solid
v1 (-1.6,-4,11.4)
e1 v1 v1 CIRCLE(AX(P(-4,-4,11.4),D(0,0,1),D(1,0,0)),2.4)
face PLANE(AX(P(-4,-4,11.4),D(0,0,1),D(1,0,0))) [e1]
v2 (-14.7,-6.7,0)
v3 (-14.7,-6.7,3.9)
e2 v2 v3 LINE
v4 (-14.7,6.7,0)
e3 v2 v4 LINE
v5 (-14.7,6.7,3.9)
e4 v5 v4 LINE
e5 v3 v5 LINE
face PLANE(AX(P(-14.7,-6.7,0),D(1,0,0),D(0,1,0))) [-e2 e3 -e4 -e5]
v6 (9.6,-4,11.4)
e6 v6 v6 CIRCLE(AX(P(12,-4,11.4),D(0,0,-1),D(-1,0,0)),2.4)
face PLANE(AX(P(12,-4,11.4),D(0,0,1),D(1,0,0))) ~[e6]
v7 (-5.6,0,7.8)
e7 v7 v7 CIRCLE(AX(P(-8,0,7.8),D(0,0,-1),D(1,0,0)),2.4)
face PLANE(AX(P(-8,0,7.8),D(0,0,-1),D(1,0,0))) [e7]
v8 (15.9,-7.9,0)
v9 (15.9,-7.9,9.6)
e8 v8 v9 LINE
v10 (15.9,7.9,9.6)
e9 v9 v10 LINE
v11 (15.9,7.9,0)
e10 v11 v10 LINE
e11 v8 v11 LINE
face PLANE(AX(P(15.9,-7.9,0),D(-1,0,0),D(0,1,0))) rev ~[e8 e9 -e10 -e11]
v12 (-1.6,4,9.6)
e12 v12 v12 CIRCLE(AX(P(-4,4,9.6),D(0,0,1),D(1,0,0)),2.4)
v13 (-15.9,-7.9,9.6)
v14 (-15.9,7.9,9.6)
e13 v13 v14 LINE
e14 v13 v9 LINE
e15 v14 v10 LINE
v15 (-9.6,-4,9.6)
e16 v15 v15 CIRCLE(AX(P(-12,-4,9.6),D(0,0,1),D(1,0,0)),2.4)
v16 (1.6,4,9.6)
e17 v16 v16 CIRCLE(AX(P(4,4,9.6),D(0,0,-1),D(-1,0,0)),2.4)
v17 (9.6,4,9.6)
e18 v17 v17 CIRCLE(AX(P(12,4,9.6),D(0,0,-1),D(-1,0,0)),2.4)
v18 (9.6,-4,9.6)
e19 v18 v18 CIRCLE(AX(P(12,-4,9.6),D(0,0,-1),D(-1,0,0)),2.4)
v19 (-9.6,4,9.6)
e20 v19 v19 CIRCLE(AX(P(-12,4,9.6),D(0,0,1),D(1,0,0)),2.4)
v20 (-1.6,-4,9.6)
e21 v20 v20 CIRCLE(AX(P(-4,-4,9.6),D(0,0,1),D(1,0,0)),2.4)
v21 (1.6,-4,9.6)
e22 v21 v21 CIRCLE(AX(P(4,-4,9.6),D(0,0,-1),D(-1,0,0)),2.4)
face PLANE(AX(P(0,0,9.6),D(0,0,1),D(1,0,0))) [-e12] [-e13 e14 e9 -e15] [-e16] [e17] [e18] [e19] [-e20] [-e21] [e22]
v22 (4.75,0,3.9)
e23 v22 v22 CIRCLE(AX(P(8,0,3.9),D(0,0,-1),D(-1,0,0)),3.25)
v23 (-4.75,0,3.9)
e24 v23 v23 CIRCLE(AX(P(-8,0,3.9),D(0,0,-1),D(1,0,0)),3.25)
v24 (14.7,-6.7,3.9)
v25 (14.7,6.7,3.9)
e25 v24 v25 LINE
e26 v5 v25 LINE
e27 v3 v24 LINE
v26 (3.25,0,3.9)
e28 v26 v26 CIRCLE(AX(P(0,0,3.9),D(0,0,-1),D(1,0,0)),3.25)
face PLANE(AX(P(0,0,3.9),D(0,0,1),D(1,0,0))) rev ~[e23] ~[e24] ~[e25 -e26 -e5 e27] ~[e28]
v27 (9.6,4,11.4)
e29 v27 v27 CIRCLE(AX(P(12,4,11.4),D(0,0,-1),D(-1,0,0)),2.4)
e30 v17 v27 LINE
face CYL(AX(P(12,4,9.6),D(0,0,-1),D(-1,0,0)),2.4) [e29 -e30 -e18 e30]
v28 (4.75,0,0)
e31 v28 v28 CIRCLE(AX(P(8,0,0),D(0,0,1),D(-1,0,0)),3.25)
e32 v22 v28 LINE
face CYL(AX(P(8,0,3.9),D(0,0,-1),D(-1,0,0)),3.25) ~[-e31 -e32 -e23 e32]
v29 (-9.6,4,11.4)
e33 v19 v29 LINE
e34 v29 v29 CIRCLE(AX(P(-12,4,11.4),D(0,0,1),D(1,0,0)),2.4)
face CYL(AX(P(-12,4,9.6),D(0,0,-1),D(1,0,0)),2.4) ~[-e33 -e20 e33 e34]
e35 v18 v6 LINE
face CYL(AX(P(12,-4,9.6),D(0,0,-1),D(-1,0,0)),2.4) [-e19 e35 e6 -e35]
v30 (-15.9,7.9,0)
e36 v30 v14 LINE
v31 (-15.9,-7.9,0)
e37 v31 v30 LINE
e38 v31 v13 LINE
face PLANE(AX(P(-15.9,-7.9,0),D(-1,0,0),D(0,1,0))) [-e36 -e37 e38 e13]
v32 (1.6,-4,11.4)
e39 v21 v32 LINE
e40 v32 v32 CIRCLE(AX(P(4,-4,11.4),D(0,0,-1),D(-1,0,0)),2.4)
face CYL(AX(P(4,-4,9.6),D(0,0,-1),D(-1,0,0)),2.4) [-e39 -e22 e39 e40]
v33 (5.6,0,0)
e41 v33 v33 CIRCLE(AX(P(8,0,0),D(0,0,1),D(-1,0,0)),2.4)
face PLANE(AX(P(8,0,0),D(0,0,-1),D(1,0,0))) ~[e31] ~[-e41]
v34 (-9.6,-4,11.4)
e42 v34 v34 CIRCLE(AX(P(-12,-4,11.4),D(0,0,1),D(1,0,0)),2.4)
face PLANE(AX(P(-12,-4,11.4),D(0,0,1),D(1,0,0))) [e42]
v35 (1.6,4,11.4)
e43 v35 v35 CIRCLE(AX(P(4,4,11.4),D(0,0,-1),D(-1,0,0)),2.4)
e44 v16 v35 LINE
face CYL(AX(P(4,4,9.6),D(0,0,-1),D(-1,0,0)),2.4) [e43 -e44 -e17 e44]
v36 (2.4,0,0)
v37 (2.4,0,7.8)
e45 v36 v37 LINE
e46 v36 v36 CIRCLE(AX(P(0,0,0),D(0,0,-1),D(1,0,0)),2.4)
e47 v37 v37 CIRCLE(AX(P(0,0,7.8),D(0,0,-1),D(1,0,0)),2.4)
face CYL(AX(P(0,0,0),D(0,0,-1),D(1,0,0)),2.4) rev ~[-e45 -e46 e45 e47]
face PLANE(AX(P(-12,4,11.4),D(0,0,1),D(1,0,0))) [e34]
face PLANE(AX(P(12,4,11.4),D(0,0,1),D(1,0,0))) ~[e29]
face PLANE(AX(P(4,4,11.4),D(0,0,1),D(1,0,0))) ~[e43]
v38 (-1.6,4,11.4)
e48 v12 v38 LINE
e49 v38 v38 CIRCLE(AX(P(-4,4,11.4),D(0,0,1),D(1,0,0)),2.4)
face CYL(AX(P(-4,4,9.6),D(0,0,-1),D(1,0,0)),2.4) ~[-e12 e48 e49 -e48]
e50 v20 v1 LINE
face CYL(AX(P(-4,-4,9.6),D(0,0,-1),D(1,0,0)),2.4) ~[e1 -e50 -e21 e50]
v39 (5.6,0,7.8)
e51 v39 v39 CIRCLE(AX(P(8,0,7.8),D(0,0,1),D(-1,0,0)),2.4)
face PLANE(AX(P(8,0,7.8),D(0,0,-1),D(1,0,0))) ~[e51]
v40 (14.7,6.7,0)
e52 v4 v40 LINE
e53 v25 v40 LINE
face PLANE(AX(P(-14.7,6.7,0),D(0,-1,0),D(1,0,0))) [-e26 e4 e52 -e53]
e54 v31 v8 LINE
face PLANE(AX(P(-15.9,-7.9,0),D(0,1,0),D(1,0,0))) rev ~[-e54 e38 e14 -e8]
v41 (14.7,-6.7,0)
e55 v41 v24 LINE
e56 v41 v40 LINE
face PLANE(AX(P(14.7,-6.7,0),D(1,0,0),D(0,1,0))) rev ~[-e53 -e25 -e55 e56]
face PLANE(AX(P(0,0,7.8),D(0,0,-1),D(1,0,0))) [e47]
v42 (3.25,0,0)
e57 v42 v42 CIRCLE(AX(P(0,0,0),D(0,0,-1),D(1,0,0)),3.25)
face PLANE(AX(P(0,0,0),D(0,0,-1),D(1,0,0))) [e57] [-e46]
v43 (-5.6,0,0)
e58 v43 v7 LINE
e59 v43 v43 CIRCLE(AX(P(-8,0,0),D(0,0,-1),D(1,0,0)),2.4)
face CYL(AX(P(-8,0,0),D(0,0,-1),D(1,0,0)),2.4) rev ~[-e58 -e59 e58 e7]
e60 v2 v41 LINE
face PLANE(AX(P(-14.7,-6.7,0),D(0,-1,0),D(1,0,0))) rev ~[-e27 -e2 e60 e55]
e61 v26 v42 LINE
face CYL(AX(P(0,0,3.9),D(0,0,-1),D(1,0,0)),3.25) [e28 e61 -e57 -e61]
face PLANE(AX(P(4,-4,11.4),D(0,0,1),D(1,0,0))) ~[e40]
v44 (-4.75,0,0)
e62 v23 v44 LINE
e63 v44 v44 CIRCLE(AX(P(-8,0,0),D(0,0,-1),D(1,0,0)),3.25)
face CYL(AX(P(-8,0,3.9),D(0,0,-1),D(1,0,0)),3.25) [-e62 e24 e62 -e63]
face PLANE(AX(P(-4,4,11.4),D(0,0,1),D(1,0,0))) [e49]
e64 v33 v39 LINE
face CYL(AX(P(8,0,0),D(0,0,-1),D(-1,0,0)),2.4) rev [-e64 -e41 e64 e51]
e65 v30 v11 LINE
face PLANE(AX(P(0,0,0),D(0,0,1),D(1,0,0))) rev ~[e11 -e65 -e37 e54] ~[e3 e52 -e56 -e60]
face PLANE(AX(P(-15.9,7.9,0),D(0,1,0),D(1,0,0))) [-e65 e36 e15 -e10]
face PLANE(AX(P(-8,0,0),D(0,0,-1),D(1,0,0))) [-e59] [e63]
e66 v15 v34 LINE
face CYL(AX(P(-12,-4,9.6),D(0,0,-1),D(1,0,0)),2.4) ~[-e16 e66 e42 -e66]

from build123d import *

# Parameters (mm, degrees)
SKETCH_W        = 31.8
SKETCH_H        = 15.8
PAD_DEPTH       = 9.6
SKETCH001_W     = 29.4
SKETCH001_H     = 13.4
POCKET_DEPTH    = 3.9
SKETCH002_R     = 2.4
PAD001_DEPTH    = 1.8
SKETCH003_R     = 2.4
PAD002_DEPTH    = 1.8
SKETCH004_R     = 2.4
PAD003_DEPTH    = 1.8
SKETCH005_R     = 2.4
PAD004_DEPTH    = 1.8
SKETCH006_R     = 3.25
PAD005_DEPTH    = 3.9
SKETCH007_R     = 2.4
POCKET001_DEPTH = 7.8
SKETCH008_R     = 3.25
PAD006_DEPTH    = 3.9
SKETCH009_R     = 2.4
POCKET002_DEPTH = 7.8


with BuildPart() as part:
    # Sketch → Pad (new body)
    with BuildSketch(Plane.XY):
        Rectangle(SKETCH_W, SKETCH_H)
    extrude(amount=PAD_DEPTH)

    # Sketch001 → Pocket (cut, symmetric)
    with BuildSketch(Plane.XY):
        Rectangle(SKETCH001_W, SKETCH001_H)
    extrude(amount=POCKET_DEPTH, both=True, mode=Mode.SUBTRACT)

    # Sketch002 (on Face5 of Pocket) → Pad001 (join)
    with BuildSketch(Plane.XY.offset(9.6)):
        with Locations((-12, 4)):
            Circle(SKETCH002_R)
    pad001 = extrude(amount=PAD001_DEPTH)

    # Sketch003 (on Face5 of Pad001) → Pad002 (join)
    with BuildSketch(Plane.XY.offset(9.6)):
        with Locations((-4, 4)):
            Circle(SKETCH003_R)
    pad002 = extrude(amount=PAD002_DEPTH)

    # Sketch004 (on Face5 of Pad002) → Pad003 (join)
    with BuildSketch(Plane.XY.offset(9.6)):
        with Locations((-12, -4)):
            Circle(SKETCH004_R)
    pad003 = extrude(amount=PAD003_DEPTH)

    # Sketch005 (on Face5 of Pad003) → Pad004 (join)
    with BuildSketch(Plane.XY.offset(9.6)):
        with Locations((-4, -4)):
            Circle(SKETCH005_R)
    pad004 = extrude(amount=PAD004_DEPTH)

    # Mirrored: Pad001, Pad002, Pad003, Pad004 across Sketch002 V_Axis
    add(pad001.mirror(Plane(origin=(0, 0, 9.6), x_dir=(0, 0, 1), z_dir=(1, 0, 0))))
    add(pad002.mirror(Plane(origin=(0, 0, 9.6), x_dir=(0, 0, 1), z_dir=(1, 0, 0))))
    add(pad003.mirror(Plane(origin=(0, 0, 9.6), x_dir=(0, 0, 1), z_dir=(1, 0, 0))))
    add(pad004.mirror(Plane(origin=(0, 0, 9.6), x_dir=(0, 0, 1), z_dir=(1, 0, 0))))

    # Sketch006 (on Face19 of Mirrored) → Pad005 (join, symmetric)
    with BuildSketch(Plane(origin=(0, 0, 3.9), x_dir=(1, 0, 0), z_dir=(0, 0, -1))):
        Circle(SKETCH006_R)
    extrude(amount=PAD005_DEPTH, both=True)

    # Sketch007 (on Face29 of Pad005) → Pocket001 (cut)
    with BuildSketch(Plane(origin=(0, 0, 0), x_dir=(1, 0, 0), z_dir=(0, 0, -1))):
        Circle(SKETCH007_R)
    extrude(amount=-POCKET001_DEPTH, mode=Mode.SUBTRACT)

    # Sketch008 (on Face19 of Pocket001) → Pad006 (join, symmetric)
    with BuildSketch(Plane(origin=(0, 0, 3.9), x_dir=(1, 0, 0), z_dir=(0, 0, -1))):
        with Locations((-8, 0)):
            Circle(SKETCH008_R)
    pad006 = extrude(amount=PAD006_DEPTH, both=True)

    # Sketch009 (on Face30 of Pad006) → Pocket002 (cut)
    with BuildSketch(Plane(origin=(0, 0, 0), x_dir=(1, 0, 0), z_dir=(0, 0, -1))):
        with Locations((-8, 0)):
            Circle(SKETCH009_R)
    pocket002 = extrude(amount=-POCKET002_DEPTH, mode=Mode.SUBTRACT)

    # Mirrored001: Pad006 across Sketch008 V_Axis
    add(pad006.mirror(Plane(origin=(0, 0, 3.9), x_dir=(0, 0, -1), z_dir=(1, 0, 0))))

    # Mirrored002: Pocket002 across Sketch009 V_Axis
    add(pocket002.mirror(Plane(origin=(0, 0, 0), x_dir=(0, 0, -1), z_dir=(1, 0, 0))), mode=Mode.SUBTRACT)


solid = part.part
